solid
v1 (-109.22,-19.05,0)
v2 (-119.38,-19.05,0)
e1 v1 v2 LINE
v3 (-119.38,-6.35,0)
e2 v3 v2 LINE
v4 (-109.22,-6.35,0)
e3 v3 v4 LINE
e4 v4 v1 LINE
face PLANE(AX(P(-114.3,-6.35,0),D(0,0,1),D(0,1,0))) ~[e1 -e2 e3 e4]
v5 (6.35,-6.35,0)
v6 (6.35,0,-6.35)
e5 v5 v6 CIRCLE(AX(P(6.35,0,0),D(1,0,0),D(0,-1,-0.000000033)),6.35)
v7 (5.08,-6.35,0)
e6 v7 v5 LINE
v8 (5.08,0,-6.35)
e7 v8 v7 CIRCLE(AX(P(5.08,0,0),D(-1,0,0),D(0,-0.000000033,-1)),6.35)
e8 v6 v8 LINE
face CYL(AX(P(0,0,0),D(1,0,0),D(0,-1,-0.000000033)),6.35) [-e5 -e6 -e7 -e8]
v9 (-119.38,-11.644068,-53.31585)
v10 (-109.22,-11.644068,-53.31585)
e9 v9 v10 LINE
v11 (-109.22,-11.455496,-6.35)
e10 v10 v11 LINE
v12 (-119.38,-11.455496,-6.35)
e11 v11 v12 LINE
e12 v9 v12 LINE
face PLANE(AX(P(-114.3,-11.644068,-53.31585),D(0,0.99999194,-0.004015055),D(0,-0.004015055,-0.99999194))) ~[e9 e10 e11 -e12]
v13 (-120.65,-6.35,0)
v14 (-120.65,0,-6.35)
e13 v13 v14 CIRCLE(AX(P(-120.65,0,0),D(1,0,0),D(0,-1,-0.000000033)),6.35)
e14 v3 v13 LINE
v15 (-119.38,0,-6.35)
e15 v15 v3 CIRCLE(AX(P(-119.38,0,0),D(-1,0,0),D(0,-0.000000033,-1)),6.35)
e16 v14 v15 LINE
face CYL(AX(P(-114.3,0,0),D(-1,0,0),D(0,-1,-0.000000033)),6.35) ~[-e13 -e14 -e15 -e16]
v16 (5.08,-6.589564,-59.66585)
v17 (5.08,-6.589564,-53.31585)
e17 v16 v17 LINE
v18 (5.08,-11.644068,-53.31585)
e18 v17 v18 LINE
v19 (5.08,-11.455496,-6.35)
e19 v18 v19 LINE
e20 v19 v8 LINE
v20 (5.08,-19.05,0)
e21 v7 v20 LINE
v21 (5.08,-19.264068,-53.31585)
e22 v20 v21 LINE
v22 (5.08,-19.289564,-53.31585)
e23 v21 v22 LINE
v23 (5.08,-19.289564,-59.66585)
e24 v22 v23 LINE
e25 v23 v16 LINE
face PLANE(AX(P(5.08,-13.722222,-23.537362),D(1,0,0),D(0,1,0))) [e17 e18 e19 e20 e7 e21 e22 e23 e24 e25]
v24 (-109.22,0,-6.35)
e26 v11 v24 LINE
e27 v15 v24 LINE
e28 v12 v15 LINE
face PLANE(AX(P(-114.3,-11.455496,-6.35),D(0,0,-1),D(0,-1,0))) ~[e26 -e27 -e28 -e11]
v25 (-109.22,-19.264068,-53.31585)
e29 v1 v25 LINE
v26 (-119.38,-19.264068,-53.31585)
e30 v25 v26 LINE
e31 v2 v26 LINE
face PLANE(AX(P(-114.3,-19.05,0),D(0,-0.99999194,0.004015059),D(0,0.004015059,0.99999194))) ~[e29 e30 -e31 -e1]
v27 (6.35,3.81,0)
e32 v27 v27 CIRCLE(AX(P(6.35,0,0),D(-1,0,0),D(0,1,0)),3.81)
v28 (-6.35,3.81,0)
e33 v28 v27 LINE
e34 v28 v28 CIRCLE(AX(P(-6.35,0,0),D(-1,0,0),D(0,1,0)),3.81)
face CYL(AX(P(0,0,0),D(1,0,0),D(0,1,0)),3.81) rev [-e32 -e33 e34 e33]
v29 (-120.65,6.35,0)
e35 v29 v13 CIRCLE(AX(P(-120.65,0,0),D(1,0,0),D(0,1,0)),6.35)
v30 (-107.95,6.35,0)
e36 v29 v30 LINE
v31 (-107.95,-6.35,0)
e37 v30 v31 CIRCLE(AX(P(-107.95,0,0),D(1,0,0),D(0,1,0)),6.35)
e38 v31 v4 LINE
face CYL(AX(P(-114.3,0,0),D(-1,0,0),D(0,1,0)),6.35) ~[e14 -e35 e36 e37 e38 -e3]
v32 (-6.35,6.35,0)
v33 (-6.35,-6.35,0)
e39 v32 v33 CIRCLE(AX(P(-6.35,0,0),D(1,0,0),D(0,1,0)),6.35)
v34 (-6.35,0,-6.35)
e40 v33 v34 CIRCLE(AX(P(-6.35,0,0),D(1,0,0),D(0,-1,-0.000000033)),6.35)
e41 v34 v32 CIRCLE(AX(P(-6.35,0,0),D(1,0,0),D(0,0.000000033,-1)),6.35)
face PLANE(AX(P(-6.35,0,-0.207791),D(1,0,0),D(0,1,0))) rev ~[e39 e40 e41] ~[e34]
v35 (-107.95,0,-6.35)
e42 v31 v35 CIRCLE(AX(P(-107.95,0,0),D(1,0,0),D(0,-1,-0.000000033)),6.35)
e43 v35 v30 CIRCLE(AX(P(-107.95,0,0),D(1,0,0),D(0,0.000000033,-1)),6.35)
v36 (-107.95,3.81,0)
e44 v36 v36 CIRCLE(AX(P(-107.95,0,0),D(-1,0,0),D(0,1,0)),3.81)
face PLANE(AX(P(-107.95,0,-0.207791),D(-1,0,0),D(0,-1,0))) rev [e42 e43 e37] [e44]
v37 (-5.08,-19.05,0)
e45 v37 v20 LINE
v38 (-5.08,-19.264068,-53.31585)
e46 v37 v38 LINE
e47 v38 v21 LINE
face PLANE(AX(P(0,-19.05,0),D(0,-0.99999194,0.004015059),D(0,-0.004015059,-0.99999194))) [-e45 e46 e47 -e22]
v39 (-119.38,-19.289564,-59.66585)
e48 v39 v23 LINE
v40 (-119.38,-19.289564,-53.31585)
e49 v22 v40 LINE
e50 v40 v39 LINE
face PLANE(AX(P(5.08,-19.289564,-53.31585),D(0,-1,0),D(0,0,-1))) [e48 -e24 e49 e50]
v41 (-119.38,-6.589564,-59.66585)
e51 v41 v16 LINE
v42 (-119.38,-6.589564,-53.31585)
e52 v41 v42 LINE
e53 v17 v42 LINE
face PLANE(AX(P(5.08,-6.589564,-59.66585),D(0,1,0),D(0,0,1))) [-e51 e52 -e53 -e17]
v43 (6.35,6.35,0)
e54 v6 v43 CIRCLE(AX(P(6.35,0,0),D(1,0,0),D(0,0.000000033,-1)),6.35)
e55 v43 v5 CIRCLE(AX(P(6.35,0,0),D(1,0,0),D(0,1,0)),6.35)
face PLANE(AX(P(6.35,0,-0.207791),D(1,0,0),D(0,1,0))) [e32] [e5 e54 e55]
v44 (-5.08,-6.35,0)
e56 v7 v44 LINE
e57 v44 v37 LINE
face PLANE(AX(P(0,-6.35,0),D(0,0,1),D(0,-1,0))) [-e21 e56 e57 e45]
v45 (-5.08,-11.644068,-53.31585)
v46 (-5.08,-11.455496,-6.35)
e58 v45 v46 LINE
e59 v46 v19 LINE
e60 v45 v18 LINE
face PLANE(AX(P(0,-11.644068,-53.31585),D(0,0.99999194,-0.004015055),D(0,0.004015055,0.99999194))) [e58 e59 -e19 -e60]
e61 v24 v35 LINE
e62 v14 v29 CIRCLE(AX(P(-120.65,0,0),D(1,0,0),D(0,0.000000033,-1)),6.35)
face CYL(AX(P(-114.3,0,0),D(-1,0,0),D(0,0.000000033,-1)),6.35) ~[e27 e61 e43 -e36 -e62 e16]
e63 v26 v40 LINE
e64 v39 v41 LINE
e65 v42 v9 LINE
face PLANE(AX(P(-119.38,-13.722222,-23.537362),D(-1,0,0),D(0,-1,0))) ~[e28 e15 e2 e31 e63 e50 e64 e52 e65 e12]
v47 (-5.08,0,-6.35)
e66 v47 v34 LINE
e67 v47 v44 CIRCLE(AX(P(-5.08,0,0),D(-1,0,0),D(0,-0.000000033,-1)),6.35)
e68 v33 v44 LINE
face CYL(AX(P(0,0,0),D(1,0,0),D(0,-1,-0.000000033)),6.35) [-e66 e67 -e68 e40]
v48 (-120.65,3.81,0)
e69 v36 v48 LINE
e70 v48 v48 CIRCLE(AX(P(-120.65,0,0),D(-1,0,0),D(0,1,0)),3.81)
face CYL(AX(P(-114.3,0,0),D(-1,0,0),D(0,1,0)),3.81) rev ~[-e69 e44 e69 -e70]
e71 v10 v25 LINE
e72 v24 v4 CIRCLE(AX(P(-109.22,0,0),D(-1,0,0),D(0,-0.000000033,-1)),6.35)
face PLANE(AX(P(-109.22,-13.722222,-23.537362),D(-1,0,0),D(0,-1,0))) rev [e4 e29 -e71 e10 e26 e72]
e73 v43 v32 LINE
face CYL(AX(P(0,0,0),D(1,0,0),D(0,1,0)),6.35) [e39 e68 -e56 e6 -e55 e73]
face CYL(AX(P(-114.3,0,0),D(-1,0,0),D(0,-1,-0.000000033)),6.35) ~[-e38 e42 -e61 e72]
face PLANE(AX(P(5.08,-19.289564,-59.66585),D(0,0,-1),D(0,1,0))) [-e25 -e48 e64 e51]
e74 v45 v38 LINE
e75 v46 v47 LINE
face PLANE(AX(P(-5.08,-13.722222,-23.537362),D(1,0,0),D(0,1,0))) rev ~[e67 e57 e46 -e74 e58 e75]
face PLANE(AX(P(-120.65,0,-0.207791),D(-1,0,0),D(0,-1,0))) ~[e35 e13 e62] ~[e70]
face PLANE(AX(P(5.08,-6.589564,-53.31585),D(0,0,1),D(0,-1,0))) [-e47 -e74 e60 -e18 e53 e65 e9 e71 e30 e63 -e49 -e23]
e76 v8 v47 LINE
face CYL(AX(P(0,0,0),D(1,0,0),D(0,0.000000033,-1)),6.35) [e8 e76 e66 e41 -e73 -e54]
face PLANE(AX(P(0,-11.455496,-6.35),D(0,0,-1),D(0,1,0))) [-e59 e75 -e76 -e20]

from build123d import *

# Parameters (mm, degrees)
F1_DEPTH      = 6.35
F1_DEPTH_BACK = 6.35
F2_DEPTH      = 5.08
F2_DEPTH_BACK = 5.08
F6_DEPTH      = 120.14245


with BuildPart() as f1:
    # F0 (on Right) → F1 (new body, two sides)
    with BuildSketch(Plane.YZ) as f1_sk:
        with BuildLine():
            ThreePointArc((6.35, 0), (0, 6.35), (-6.35, 0))
            ThreePointArc((-6.35, 0), (-4.490128, -4.490128), (0, -6.35))
            ThreePointArc((0, -6.35), (4.490128, -4.490128), (6.35, 0))
        make_face()
        with BuildLine():
            ThreePointArc((-3.81, 0), (0, 3.81), (3.81, 0))
            ThreePointArc((3.81, 0), (0, -3.81), (-3.81, 0))
        make_face(mode=Mode.SUBTRACT)
    extrude(amount=F1_DEPTH)
    extrude(f1_sk.sketch, amount=-F1_DEPTH_BACK)

    # F0 (on Right) → F2 (join, two sides)
    with BuildSketch(Plane.YZ) as f2_sk:
        with BuildLine():
            ThreePointArc((0, -6.35), (-4.490128, -4.490128), (-6.35, 0))
            Line((-6.35, 0), (-19.05, 0))
            Line((-19.05, 0), (-19.264068, -53.31585))
            Line((-19.264068, -53.31585), (-11.644068, -53.31585))
            Line((-11.644068, -53.31585), (-11.455496, -6.35))
            Line((-11.455496, -6.35), (0, -6.35))
        make_face()
        Polygon((-19.289564, -59.66585), (-19.264068, -53.31585), (-19.289564, -53.31585), align=None)
        Polygon((-11.644068, -53.31585), (-19.264068, -53.31585), (-19.289564, -59.66585), (-11.669564, -59.66585), align=None)
        Polygon((-6.589564, -53.31585), (-11.644068, -53.31585), (-11.669564, -59.66585), (-6.589564, -59.66585), align=None)
    extrude(amount=F2_DEPTH)
    extrude(f2_sk.sketch, amount=-F2_DEPTH_BACK)



with BuildPart() as f4_1:
    # F4: instance of F1
    add(f1.part.mirror(Plane.YZ.offset(-57.15)))


with BuildPart() as f1_1:
    add(f1.part)

    add(f4_1.part)  # F6 merges F4_1
    # F5 (on face) → F6 (join)
    with BuildSketch(Plane.YZ.offset(5.08)):
        Polygon((-11.644068, -53.31585), (-19.264068, -53.31585), (-19.289564, -53.31585), (-19.289564, -59.66585), (-6.589564, -59.66585), (-6.589564, -53.31585), align=None)
    extrude(amount=-F6_DEPTH)


solid = f1_1.part
